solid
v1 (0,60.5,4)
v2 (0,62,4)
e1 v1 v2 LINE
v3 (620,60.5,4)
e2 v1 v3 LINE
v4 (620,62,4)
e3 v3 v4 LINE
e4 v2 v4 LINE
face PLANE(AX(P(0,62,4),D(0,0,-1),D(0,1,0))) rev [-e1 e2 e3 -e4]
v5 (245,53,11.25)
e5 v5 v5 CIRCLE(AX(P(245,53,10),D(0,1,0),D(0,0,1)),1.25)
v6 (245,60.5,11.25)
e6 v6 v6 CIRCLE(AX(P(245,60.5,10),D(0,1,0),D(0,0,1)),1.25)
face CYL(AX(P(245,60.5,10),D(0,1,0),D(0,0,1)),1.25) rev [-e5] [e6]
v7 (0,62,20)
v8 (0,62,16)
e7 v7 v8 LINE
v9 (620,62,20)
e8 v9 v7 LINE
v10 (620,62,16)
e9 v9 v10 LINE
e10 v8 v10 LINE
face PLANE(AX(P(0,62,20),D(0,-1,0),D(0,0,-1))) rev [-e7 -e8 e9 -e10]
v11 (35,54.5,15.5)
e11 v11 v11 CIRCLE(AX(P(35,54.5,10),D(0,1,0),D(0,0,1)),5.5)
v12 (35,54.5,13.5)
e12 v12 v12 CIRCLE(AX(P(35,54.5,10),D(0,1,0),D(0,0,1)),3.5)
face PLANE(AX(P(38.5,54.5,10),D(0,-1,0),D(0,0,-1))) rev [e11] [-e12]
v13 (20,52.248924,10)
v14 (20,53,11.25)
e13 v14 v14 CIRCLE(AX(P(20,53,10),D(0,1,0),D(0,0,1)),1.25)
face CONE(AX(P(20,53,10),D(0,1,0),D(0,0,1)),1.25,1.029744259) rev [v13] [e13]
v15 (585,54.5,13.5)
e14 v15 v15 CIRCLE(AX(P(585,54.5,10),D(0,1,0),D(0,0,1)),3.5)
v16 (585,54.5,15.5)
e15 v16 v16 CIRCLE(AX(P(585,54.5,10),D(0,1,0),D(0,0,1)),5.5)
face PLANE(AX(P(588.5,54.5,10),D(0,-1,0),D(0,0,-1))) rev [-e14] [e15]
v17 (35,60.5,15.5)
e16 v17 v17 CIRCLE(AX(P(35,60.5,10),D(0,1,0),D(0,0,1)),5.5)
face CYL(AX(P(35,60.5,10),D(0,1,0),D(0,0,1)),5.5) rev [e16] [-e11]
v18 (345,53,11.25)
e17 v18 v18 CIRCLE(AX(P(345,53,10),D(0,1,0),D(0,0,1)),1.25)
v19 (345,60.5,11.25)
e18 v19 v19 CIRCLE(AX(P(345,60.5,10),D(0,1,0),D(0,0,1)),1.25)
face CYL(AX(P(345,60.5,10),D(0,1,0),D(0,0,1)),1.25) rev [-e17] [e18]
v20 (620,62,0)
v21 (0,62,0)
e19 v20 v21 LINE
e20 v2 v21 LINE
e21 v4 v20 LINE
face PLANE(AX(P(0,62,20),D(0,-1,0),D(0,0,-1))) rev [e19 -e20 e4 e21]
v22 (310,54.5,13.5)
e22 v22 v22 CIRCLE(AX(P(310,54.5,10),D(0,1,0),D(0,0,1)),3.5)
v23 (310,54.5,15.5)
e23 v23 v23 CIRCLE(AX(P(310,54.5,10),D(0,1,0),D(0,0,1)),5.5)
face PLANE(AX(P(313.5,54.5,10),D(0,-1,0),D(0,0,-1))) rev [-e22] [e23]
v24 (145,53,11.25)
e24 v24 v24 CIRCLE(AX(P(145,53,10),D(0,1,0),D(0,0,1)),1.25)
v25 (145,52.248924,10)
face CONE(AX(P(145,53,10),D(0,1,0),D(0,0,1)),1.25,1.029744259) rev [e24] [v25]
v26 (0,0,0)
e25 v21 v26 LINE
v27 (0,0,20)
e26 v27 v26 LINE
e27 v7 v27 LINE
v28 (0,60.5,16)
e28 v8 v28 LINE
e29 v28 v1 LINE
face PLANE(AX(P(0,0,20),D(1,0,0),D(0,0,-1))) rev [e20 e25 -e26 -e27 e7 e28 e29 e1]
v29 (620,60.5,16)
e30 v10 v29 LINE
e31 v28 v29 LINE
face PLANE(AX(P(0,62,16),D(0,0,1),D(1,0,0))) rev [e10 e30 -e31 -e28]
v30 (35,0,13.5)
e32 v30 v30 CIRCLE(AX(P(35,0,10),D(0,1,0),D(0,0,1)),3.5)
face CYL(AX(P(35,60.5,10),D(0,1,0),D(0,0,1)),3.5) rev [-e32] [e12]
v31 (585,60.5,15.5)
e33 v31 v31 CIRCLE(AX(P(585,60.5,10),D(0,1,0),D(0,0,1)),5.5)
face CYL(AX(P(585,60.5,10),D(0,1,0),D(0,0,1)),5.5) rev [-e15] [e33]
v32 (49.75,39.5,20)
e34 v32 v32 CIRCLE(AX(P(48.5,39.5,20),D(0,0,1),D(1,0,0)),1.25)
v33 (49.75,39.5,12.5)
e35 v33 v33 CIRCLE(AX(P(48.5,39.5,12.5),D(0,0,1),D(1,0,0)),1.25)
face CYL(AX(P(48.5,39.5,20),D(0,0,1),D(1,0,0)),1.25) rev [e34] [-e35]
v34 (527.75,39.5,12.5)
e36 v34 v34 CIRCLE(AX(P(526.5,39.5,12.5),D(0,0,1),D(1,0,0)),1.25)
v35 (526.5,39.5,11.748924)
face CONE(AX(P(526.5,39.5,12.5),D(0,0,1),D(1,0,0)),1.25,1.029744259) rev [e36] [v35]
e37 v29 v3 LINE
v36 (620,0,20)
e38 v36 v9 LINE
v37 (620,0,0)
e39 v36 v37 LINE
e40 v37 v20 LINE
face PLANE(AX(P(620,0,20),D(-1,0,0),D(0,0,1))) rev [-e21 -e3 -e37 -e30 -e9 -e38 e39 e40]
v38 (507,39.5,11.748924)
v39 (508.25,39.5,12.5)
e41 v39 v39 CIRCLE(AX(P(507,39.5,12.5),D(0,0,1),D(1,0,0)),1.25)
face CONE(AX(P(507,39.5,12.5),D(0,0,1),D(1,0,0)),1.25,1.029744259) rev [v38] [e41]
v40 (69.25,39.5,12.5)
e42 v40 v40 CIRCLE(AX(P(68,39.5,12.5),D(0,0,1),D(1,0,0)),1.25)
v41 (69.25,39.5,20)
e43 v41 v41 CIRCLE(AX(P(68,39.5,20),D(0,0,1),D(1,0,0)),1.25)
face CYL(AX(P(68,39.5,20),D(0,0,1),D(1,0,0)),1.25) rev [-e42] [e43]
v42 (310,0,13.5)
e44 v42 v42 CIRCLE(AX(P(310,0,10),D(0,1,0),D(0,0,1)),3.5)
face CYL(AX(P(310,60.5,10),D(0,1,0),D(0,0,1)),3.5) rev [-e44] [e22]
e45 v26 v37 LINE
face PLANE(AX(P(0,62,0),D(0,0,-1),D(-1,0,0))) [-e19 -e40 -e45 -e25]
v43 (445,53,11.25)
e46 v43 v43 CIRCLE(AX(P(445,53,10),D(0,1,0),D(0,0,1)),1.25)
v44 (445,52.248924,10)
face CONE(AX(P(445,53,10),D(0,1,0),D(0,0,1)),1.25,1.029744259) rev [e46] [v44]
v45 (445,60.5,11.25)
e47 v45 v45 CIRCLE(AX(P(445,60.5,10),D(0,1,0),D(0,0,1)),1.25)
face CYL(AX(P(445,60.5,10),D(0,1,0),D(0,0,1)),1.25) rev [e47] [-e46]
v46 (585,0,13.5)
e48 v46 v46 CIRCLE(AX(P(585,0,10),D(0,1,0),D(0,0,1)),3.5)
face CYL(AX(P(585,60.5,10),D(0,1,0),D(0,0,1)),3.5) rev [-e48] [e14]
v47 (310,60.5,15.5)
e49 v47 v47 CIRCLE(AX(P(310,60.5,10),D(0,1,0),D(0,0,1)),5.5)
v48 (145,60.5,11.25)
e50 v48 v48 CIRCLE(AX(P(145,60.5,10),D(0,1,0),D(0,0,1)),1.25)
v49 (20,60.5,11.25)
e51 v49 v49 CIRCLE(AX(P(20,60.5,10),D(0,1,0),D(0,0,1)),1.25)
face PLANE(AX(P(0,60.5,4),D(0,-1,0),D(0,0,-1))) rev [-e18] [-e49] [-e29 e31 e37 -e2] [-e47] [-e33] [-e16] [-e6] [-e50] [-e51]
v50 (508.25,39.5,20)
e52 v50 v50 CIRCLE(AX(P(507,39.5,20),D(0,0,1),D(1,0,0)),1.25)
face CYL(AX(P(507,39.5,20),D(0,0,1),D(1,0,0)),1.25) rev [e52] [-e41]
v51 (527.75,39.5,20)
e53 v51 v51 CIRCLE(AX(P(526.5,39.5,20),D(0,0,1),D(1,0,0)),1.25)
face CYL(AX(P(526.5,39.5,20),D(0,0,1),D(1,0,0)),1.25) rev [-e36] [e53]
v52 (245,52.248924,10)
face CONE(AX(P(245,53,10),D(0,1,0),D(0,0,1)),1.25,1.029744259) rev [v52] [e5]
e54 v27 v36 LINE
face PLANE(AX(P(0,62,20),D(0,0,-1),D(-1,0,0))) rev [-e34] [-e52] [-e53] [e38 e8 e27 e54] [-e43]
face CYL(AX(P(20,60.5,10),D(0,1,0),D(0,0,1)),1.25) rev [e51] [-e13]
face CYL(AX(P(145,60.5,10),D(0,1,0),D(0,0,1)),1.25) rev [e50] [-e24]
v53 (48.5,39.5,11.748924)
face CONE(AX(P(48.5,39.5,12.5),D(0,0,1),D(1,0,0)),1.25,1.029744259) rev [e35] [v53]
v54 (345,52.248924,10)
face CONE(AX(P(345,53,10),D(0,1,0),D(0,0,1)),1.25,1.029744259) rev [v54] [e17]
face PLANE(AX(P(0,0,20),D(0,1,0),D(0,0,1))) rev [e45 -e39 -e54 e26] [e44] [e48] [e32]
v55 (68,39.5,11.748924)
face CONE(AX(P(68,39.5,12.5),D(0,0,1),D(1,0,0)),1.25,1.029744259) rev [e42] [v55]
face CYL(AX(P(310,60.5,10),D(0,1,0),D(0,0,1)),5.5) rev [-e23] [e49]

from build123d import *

# Parameters (mm, degrees)
SKETCH_1_W                   = 620
SKETCH_1_H                   = 62
EXTRUDE_1_DEPTH              = 20
SKETCH_2_W                   = 12
SKETCH_2_H                   = 1.5
CUT_EXTRUDE_1_DEPTH          = 624.413185616
HOLE_WIZARD_M6_1_D           = 7
HOLE_WIZARD_M6_1_CBORE_D     = 11
HOLE_WIZARD_M6_1_CBORE_DEPTH = 6
HOLE_WIZARD_M3_1_D           = 2.5
HOLE_WIZARD_M3_1_DEPTH       = 7.5
HOLE_WIZARD_M3_1_TIP         = 0.751075774
HOLE_WIZARD_M3_2_D           = 2.5
HOLE_WIZARD_M3_2_DEPTH       = 7.5
HOLE_WIZARD_M3_2_TIP         = 0.751075774


with BuildPart() as part:
    # 草图1 → 凸台-拉伸1 (new body)
    with BuildSketch(Plane.XY):
        with Locations((310, 31)):
            Rectangle(SKETCH_1_W, SKETCH_1_H)
    extrude(amount=EXTRUDE_1_DEPTH)

    # 草图2 → 切除-拉伸1 (cut, through all)
    with BuildSketch(Plane(origin=(620, 0, 0), x_dir=(0, 0, -1), z_dir=(1, 0, 0))):
        with Locations((-10, 61.25)):
            Rectangle(SKETCH_2_W, SKETCH_2_H)
    extrude(amount=-CUT_EXTRUDE_1_DEPTH, mode=Mode.SUBTRACT)

    # M6 六角凹头螺钉的柱形沉头孔1 (through all)
    with Locations(Plane(origin=(0, 60.5, 0), x_dir=(-1, 0, 0), z_dir=(0, 1, 0))):
        with Locations((-35, 10), (-310, 10), (-585, 10)):
            CounterBoreHole(HOLE_WIZARD_M6_1_D / 2, HOLE_WIZARD_M6_1_CBORE_D / 2, HOLE_WIZARD_M6_1_CBORE_DEPTH)

    # M3 螺纹孔1
    with Locations(Plane(origin=(0, 60.5, 0), x_dir=(-1, 0, 0), z_dir=(0, 1, 0))):
        with Locations((-20, 10), (-445, 10), (-345, 10), (-245, 10), (-145, 10)):
            Hole(HOLE_WIZARD_M3_1_D / 2, depth=HOLE_WIZARD_M3_1_DEPTH)
            with Locations((0, 0, -(HOLE_WIZARD_M3_1_DEPTH + HOLE_WIZARD_M3_1_TIP / 2))):  # 118° drill point
                Cone(0, HOLE_WIZARD_M3_1_D / 2, HOLE_WIZARD_M3_1_TIP, mode=Mode.SUBTRACT)

    # M3 螺纹孔2
    with Locations(Plane.XY.offset(20)):
        with Locations((48.5, 39.5), (68, 39.5), (507, 39.5), (526.5, 39.5)):
            Hole(HOLE_WIZARD_M3_2_D / 2, depth=HOLE_WIZARD_M3_2_DEPTH)
            with Locations((0, 0, -(HOLE_WIZARD_M3_2_DEPTH + HOLE_WIZARD_M3_2_TIP / 2))):  # 118° drill point
                Cone(0, HOLE_WIZARD_M3_2_D / 2, HOLE_WIZARD_M3_2_TIP, mode=Mode.SUBTRACT)


solid = part.part
